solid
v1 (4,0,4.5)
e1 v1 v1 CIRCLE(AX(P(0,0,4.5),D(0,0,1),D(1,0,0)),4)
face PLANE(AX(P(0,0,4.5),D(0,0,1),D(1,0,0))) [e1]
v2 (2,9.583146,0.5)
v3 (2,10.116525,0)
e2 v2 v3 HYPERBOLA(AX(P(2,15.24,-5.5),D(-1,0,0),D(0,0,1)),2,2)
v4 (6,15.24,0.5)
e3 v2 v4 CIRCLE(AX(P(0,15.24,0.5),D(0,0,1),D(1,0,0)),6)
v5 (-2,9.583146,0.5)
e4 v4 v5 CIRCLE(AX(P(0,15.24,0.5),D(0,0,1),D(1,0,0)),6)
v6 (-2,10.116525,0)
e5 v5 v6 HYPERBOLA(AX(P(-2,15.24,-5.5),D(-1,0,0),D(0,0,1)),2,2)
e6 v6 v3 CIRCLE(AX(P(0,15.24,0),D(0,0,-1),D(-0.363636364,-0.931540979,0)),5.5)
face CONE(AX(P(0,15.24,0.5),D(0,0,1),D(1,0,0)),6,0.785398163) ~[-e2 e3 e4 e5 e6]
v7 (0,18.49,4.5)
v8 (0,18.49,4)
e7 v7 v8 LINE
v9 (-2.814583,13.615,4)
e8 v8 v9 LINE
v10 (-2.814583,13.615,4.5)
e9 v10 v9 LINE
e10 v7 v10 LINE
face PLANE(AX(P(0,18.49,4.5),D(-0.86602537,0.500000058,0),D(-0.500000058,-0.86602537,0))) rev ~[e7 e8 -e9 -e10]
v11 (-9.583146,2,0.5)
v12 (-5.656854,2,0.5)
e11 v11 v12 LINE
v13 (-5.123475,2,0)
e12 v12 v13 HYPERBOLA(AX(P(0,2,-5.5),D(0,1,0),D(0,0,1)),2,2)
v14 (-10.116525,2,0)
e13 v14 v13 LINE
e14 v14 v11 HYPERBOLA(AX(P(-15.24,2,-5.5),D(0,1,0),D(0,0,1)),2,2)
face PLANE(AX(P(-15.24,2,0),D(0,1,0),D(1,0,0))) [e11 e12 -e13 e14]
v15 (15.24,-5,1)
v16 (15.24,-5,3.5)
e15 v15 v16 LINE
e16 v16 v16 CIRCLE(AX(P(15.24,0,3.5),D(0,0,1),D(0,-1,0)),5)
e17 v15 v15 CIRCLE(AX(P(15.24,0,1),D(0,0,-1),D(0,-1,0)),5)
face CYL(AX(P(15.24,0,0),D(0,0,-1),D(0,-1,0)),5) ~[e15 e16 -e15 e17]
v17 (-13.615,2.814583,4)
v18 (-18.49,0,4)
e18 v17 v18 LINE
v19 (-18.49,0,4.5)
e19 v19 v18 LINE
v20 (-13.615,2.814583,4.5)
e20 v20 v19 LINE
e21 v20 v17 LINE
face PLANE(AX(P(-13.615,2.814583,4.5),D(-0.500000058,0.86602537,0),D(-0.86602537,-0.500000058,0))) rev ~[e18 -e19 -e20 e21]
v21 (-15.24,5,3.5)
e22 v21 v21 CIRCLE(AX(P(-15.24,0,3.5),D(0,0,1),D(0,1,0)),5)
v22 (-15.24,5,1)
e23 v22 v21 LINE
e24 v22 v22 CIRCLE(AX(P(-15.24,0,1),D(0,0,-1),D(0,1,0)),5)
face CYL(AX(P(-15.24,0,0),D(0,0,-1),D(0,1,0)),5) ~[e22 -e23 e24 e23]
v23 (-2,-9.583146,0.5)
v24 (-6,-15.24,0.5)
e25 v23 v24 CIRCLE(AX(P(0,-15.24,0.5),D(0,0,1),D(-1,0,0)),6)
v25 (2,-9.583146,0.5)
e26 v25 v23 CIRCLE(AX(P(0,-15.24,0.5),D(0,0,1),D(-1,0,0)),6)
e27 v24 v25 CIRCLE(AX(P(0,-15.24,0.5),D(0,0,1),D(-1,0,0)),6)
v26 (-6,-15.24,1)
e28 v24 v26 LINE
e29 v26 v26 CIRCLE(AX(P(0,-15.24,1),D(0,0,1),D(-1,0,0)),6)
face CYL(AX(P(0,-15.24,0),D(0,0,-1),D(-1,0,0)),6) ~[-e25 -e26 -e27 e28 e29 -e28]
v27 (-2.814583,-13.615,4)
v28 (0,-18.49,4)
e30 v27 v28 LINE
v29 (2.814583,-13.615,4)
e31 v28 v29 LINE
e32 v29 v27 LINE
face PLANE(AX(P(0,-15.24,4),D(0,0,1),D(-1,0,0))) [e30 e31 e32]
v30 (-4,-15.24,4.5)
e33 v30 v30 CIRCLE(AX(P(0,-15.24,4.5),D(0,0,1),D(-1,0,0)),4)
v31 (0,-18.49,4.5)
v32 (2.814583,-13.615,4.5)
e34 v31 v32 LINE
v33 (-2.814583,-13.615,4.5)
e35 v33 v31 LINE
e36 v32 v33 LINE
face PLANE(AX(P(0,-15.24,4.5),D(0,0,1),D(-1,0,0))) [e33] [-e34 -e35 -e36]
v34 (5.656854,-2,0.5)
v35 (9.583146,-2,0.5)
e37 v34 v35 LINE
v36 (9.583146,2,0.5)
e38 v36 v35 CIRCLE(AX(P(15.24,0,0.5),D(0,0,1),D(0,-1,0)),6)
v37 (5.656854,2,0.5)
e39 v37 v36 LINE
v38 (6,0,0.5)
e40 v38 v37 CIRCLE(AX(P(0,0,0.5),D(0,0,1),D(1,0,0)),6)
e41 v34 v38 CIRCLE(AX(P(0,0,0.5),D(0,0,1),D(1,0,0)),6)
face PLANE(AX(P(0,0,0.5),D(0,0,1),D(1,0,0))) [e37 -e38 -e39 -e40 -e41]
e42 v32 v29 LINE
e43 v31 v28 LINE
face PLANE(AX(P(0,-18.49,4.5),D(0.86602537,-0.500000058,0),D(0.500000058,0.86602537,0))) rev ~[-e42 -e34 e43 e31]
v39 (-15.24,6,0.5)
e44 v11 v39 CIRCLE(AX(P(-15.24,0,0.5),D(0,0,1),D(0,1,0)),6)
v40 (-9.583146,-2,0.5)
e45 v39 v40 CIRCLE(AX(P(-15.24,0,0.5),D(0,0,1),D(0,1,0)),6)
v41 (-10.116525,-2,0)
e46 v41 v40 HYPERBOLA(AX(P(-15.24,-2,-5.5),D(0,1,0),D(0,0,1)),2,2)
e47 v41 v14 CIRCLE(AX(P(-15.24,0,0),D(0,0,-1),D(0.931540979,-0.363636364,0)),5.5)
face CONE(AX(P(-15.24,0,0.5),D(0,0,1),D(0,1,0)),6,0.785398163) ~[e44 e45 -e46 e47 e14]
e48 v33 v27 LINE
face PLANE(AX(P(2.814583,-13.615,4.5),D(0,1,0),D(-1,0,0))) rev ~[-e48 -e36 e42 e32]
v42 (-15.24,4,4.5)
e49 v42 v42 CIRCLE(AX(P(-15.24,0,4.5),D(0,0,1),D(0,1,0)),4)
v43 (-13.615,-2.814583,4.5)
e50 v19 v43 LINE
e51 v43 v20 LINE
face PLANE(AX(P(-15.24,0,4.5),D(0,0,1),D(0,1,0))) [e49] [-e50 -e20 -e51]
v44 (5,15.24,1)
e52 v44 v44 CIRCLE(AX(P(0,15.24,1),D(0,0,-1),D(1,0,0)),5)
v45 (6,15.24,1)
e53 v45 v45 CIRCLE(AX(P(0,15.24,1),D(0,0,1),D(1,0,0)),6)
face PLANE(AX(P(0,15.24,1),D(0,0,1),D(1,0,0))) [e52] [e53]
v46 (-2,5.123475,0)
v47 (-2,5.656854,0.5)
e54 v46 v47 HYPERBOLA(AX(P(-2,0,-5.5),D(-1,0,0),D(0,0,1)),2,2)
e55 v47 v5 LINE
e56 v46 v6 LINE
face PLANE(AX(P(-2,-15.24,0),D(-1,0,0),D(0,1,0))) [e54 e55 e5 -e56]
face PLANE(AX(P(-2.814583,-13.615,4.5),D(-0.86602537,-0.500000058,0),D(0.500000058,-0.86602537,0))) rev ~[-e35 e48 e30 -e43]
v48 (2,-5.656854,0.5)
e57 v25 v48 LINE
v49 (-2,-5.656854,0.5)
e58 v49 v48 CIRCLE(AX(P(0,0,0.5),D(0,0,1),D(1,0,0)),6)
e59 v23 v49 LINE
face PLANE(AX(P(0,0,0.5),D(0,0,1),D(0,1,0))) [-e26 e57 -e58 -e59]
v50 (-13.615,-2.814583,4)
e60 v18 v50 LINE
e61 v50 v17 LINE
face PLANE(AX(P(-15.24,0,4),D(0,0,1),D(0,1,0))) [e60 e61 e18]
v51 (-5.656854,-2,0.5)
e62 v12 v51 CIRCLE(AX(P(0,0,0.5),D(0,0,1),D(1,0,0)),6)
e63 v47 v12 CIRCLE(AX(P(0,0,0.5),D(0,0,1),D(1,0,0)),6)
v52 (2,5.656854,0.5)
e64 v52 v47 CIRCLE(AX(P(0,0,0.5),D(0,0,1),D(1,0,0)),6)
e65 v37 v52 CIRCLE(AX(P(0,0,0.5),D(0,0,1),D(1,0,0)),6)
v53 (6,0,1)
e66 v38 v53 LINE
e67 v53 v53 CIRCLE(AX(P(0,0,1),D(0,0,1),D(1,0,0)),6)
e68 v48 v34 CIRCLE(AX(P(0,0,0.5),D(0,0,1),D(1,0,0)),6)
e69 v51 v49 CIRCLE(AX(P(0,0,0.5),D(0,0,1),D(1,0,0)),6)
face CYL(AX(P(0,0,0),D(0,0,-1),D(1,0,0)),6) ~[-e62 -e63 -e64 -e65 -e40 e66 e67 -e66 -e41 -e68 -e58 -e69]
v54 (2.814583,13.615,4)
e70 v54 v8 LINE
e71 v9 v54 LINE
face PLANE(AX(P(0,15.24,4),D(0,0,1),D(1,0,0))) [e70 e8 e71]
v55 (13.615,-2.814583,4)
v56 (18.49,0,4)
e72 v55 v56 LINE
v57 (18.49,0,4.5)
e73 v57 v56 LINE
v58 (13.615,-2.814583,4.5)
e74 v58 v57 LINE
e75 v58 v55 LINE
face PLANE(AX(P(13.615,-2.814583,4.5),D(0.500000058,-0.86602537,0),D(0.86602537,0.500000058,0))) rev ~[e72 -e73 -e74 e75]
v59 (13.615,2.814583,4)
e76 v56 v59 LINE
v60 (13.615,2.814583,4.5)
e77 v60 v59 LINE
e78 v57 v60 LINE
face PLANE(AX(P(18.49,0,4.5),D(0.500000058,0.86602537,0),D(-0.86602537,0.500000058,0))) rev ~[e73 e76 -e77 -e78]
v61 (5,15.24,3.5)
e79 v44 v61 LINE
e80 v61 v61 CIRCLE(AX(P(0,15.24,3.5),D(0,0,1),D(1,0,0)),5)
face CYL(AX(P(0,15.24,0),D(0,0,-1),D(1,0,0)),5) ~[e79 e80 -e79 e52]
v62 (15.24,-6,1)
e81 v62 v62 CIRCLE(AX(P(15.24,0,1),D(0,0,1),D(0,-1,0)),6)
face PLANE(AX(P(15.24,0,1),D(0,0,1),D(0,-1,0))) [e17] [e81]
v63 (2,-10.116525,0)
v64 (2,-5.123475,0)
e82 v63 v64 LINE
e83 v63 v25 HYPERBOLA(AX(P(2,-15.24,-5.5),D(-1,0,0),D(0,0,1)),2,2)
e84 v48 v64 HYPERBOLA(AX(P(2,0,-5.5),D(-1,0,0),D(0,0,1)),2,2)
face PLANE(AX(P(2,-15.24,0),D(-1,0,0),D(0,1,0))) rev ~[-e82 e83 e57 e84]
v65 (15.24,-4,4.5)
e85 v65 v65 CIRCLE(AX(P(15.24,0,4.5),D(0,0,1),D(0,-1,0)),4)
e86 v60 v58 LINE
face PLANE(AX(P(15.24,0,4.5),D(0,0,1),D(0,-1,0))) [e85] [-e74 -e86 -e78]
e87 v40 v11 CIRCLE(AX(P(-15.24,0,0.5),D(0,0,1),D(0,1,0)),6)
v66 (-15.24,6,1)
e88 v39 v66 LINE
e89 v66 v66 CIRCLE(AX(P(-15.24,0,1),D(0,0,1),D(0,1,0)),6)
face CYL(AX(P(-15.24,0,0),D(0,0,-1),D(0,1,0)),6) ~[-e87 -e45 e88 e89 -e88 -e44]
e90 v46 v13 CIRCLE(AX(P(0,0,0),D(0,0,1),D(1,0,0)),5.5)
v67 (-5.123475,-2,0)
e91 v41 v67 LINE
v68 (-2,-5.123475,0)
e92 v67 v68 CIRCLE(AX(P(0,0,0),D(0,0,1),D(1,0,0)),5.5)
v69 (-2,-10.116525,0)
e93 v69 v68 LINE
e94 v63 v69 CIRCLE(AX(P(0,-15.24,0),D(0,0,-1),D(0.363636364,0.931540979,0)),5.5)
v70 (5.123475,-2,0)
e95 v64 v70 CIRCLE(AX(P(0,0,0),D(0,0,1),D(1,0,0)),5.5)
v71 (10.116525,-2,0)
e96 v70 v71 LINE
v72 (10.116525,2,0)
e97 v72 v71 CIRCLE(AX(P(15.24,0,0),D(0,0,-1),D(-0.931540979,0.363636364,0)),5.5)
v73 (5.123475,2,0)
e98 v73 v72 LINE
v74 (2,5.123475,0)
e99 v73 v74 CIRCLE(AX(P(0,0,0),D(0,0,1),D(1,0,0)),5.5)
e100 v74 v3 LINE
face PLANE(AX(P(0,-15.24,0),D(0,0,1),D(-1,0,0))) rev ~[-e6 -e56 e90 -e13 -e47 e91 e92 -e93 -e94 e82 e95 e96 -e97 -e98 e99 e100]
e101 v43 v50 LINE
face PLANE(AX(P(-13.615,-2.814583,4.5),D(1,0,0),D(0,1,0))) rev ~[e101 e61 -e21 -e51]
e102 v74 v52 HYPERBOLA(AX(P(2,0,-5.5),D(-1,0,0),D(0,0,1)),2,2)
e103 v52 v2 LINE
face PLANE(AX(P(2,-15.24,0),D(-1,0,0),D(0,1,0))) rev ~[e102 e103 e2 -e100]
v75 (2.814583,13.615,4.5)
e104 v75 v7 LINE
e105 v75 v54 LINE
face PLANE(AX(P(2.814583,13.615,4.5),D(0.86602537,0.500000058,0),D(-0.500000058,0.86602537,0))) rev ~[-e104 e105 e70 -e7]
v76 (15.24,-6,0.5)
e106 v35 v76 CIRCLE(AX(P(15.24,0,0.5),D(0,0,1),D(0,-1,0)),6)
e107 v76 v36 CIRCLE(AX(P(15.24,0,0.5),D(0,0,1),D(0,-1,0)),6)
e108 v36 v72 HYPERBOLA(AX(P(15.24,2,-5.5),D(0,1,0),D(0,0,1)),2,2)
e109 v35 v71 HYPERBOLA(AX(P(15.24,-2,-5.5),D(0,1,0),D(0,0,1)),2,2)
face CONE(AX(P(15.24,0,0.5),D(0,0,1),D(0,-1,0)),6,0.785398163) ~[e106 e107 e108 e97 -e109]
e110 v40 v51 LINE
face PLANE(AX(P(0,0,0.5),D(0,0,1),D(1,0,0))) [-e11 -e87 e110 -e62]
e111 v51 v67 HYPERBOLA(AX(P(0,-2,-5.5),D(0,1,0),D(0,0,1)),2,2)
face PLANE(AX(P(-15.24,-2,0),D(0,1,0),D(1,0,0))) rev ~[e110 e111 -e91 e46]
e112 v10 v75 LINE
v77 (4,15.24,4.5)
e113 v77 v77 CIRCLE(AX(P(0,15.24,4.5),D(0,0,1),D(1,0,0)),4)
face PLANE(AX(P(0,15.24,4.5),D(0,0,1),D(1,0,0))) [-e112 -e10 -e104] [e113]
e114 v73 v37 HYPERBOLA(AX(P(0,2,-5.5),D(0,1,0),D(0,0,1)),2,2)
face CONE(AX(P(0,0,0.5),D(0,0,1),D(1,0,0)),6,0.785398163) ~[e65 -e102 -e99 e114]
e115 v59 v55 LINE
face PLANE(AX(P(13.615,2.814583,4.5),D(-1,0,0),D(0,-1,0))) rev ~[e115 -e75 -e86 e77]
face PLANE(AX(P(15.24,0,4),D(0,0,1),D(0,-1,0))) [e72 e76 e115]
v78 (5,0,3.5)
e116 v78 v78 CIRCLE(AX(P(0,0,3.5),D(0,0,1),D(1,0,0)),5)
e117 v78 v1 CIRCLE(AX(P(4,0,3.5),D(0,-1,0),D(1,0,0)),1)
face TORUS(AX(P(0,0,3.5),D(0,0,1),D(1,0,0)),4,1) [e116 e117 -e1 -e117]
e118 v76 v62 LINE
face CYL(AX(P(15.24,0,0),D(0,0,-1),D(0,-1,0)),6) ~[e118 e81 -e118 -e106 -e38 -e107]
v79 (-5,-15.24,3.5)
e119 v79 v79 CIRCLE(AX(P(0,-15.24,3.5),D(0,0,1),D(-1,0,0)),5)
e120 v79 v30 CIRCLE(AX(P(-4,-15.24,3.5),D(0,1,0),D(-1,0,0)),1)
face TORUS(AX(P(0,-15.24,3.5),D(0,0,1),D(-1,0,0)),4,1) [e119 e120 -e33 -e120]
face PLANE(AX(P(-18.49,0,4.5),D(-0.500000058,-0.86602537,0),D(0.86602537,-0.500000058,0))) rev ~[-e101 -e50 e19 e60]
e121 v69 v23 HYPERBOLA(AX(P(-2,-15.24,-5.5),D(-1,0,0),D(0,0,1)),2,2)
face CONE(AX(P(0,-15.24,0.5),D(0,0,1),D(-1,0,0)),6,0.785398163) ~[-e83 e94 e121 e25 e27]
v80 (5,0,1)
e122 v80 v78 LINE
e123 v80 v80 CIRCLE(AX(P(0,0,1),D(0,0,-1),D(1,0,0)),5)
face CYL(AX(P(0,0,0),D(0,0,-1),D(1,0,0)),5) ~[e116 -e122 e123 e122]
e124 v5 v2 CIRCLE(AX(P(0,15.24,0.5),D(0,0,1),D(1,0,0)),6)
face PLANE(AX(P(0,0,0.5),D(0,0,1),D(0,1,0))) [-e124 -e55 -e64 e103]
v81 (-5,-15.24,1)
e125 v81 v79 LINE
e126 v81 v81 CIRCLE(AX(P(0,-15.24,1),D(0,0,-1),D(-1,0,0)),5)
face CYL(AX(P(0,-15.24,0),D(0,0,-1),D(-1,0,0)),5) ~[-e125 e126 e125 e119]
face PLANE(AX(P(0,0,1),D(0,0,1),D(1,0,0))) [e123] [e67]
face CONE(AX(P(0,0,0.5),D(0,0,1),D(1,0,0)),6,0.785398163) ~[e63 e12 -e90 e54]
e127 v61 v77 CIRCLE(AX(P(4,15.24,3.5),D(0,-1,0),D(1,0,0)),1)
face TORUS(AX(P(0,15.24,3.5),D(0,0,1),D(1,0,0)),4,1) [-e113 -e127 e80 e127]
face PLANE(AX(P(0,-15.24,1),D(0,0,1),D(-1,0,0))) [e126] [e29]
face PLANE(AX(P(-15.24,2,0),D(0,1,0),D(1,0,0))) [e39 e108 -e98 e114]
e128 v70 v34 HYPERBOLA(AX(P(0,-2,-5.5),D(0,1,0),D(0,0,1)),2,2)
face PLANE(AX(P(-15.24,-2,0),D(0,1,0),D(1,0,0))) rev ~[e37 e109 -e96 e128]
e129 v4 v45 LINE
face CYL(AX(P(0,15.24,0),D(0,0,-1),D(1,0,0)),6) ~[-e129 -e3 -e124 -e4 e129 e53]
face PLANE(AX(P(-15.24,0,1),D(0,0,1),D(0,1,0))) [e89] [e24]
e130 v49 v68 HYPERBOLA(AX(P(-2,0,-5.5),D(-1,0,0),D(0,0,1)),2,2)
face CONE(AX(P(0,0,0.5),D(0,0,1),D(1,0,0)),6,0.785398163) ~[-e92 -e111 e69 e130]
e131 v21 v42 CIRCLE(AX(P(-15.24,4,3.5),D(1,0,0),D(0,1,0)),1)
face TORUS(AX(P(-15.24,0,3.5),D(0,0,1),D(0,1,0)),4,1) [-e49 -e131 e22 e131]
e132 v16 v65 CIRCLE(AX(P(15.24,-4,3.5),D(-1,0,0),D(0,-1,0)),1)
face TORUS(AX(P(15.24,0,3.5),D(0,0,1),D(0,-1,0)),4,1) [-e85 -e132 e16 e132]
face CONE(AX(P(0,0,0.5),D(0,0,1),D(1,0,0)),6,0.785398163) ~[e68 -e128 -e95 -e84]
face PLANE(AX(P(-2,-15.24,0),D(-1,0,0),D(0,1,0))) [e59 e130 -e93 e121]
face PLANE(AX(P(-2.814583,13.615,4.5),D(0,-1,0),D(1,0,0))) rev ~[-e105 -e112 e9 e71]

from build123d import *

# Parameters (mm, degrees)
CYLINDER_R             = 6
CYLINDER_DEPTH         = 1
CHAMFER_SIZE           = 0.5
CYLINDER001_R          = 5
CYLINDER001_DEPTH      = 4.5
FILLET_R               = 1
BOX_W                  = 30.48
BOX_H                  = 4
BOX_DEPTH              = 0.5
BOX001_W               = 30.48
BOX001_H               = 4
BOX001_DEPTH           = 0.5
BOX001_PLACEMENT_ANGLE = 90
ARRAY_COUNT            = 4
POCKET003_DEPTH        = 0.5
POLARPATTERN001_COUNT  = 4


with BuildPart() as chamfer_body:
    # Cylinder → Cylinder (new body)
    with BuildSketch(Plane.XY):
        Circle(CYLINDER_R)
    extrude(amount=CYLINDER_DEPTH)

    # Chamfer
    chamfer_edges = [chamfer_body.edges().sort_by_distance(p)[0] for p in [
        (-6, 0, 0),
    ]]
    chamfer(chamfer_edges, length=CHAMFER_SIZE)


with BuildPart() as fusion:
    # Cylinder001 → Cylinder001 (new body)
    with BuildSketch(Plane.XY):
        Circle(CYLINDER001_R)
    extrude(amount=CYLINDER001_DEPTH)

    # Fillet
    fillet_edges = [fusion.edges().sort_by_distance(p)[0] for p in [
        (-5, 0, 4.5),
    ]]
    fillet(fillet_edges, radius=FILLET_R)

    # Fusion: union Chamfer body
    add(chamfer_body.part)


with BuildPart() as cube:
    # Box → Box (new body)
    with BuildSketch(Plane(origin=(-15.24, -2, 0), x_dir=(1, 0, 0), z_dir=(0, 0, 1))):
        with Locations((15.24, 2)):
            Rectangle(BOX_W, BOX_H)
    extrude(amount=BOX_DEPTH)


with BuildPart() as cube001:
    # Box001 → Box001 (new body)
    with BuildSketch(Plane.XY):
        with Locations((15.24, 2)):
            Rectangle(BOX001_W, BOX001_H)
    extrude(amount=BOX001_DEPTH)


with BuildPart() as cube001_1:
    # Box001 placement: moved
    add(cube001.part.moved(Location((2, -15.24, 0))).rotate(Axis((2, -15.24, 0), (0, 0, 1)), BOX001_PLACEMENT_ANGLE))


with BuildPart() as polarpattern001:
    # Clone base: copy of Fusion
    add(fusion.part)


with BuildPart() as polarpattern001_1:
    # Clone placement: moved
    add(polarpattern001.part.moved(Location((0, 15.24, 0))))

    # Array: PolarPattern001 ×4 about axis
    array_axis = Axis((0, 0, 0), (0, 0, 1))


with BuildPart() as polarpattern001_2:
    add(polarpattern001_1.part)
    for i in range(1, ARRAY_COUNT):
        add(polarpattern001_1.part.rotate(array_axis, i * 360 / ARRAY_COUNT))

    # Fusion001: union Fusion, Cube, Cube001
    add(fusion.part)
    add(cube.part)
    add(cube001_1.part)

    # Sketch004 → Pocket003 (cut)
    with BuildSketch(Plane.XY.offset(4.5)):
        Polygon((0, 18.49), (-2.814583, 13.615), (2.814583, 13.615), align=None)
    pocket003 = extrude(amount=-POCKET003_DEPTH, mode=Mode.SUBTRACT)

    # PolarPattern001: Pocket003 ×4 about axis
    polarpattern001_axis = Axis((0, 0, 4.5), (0, 0, 1))
    for i in range(1, POLARPATTERN001_COUNT):
        add(pocket003.rotate(polarpattern001_axis, i * 360 / POLARPATTERN001_COUNT), mode=Mode.SUBTRACT)


solid = polarpattern001_2.part
